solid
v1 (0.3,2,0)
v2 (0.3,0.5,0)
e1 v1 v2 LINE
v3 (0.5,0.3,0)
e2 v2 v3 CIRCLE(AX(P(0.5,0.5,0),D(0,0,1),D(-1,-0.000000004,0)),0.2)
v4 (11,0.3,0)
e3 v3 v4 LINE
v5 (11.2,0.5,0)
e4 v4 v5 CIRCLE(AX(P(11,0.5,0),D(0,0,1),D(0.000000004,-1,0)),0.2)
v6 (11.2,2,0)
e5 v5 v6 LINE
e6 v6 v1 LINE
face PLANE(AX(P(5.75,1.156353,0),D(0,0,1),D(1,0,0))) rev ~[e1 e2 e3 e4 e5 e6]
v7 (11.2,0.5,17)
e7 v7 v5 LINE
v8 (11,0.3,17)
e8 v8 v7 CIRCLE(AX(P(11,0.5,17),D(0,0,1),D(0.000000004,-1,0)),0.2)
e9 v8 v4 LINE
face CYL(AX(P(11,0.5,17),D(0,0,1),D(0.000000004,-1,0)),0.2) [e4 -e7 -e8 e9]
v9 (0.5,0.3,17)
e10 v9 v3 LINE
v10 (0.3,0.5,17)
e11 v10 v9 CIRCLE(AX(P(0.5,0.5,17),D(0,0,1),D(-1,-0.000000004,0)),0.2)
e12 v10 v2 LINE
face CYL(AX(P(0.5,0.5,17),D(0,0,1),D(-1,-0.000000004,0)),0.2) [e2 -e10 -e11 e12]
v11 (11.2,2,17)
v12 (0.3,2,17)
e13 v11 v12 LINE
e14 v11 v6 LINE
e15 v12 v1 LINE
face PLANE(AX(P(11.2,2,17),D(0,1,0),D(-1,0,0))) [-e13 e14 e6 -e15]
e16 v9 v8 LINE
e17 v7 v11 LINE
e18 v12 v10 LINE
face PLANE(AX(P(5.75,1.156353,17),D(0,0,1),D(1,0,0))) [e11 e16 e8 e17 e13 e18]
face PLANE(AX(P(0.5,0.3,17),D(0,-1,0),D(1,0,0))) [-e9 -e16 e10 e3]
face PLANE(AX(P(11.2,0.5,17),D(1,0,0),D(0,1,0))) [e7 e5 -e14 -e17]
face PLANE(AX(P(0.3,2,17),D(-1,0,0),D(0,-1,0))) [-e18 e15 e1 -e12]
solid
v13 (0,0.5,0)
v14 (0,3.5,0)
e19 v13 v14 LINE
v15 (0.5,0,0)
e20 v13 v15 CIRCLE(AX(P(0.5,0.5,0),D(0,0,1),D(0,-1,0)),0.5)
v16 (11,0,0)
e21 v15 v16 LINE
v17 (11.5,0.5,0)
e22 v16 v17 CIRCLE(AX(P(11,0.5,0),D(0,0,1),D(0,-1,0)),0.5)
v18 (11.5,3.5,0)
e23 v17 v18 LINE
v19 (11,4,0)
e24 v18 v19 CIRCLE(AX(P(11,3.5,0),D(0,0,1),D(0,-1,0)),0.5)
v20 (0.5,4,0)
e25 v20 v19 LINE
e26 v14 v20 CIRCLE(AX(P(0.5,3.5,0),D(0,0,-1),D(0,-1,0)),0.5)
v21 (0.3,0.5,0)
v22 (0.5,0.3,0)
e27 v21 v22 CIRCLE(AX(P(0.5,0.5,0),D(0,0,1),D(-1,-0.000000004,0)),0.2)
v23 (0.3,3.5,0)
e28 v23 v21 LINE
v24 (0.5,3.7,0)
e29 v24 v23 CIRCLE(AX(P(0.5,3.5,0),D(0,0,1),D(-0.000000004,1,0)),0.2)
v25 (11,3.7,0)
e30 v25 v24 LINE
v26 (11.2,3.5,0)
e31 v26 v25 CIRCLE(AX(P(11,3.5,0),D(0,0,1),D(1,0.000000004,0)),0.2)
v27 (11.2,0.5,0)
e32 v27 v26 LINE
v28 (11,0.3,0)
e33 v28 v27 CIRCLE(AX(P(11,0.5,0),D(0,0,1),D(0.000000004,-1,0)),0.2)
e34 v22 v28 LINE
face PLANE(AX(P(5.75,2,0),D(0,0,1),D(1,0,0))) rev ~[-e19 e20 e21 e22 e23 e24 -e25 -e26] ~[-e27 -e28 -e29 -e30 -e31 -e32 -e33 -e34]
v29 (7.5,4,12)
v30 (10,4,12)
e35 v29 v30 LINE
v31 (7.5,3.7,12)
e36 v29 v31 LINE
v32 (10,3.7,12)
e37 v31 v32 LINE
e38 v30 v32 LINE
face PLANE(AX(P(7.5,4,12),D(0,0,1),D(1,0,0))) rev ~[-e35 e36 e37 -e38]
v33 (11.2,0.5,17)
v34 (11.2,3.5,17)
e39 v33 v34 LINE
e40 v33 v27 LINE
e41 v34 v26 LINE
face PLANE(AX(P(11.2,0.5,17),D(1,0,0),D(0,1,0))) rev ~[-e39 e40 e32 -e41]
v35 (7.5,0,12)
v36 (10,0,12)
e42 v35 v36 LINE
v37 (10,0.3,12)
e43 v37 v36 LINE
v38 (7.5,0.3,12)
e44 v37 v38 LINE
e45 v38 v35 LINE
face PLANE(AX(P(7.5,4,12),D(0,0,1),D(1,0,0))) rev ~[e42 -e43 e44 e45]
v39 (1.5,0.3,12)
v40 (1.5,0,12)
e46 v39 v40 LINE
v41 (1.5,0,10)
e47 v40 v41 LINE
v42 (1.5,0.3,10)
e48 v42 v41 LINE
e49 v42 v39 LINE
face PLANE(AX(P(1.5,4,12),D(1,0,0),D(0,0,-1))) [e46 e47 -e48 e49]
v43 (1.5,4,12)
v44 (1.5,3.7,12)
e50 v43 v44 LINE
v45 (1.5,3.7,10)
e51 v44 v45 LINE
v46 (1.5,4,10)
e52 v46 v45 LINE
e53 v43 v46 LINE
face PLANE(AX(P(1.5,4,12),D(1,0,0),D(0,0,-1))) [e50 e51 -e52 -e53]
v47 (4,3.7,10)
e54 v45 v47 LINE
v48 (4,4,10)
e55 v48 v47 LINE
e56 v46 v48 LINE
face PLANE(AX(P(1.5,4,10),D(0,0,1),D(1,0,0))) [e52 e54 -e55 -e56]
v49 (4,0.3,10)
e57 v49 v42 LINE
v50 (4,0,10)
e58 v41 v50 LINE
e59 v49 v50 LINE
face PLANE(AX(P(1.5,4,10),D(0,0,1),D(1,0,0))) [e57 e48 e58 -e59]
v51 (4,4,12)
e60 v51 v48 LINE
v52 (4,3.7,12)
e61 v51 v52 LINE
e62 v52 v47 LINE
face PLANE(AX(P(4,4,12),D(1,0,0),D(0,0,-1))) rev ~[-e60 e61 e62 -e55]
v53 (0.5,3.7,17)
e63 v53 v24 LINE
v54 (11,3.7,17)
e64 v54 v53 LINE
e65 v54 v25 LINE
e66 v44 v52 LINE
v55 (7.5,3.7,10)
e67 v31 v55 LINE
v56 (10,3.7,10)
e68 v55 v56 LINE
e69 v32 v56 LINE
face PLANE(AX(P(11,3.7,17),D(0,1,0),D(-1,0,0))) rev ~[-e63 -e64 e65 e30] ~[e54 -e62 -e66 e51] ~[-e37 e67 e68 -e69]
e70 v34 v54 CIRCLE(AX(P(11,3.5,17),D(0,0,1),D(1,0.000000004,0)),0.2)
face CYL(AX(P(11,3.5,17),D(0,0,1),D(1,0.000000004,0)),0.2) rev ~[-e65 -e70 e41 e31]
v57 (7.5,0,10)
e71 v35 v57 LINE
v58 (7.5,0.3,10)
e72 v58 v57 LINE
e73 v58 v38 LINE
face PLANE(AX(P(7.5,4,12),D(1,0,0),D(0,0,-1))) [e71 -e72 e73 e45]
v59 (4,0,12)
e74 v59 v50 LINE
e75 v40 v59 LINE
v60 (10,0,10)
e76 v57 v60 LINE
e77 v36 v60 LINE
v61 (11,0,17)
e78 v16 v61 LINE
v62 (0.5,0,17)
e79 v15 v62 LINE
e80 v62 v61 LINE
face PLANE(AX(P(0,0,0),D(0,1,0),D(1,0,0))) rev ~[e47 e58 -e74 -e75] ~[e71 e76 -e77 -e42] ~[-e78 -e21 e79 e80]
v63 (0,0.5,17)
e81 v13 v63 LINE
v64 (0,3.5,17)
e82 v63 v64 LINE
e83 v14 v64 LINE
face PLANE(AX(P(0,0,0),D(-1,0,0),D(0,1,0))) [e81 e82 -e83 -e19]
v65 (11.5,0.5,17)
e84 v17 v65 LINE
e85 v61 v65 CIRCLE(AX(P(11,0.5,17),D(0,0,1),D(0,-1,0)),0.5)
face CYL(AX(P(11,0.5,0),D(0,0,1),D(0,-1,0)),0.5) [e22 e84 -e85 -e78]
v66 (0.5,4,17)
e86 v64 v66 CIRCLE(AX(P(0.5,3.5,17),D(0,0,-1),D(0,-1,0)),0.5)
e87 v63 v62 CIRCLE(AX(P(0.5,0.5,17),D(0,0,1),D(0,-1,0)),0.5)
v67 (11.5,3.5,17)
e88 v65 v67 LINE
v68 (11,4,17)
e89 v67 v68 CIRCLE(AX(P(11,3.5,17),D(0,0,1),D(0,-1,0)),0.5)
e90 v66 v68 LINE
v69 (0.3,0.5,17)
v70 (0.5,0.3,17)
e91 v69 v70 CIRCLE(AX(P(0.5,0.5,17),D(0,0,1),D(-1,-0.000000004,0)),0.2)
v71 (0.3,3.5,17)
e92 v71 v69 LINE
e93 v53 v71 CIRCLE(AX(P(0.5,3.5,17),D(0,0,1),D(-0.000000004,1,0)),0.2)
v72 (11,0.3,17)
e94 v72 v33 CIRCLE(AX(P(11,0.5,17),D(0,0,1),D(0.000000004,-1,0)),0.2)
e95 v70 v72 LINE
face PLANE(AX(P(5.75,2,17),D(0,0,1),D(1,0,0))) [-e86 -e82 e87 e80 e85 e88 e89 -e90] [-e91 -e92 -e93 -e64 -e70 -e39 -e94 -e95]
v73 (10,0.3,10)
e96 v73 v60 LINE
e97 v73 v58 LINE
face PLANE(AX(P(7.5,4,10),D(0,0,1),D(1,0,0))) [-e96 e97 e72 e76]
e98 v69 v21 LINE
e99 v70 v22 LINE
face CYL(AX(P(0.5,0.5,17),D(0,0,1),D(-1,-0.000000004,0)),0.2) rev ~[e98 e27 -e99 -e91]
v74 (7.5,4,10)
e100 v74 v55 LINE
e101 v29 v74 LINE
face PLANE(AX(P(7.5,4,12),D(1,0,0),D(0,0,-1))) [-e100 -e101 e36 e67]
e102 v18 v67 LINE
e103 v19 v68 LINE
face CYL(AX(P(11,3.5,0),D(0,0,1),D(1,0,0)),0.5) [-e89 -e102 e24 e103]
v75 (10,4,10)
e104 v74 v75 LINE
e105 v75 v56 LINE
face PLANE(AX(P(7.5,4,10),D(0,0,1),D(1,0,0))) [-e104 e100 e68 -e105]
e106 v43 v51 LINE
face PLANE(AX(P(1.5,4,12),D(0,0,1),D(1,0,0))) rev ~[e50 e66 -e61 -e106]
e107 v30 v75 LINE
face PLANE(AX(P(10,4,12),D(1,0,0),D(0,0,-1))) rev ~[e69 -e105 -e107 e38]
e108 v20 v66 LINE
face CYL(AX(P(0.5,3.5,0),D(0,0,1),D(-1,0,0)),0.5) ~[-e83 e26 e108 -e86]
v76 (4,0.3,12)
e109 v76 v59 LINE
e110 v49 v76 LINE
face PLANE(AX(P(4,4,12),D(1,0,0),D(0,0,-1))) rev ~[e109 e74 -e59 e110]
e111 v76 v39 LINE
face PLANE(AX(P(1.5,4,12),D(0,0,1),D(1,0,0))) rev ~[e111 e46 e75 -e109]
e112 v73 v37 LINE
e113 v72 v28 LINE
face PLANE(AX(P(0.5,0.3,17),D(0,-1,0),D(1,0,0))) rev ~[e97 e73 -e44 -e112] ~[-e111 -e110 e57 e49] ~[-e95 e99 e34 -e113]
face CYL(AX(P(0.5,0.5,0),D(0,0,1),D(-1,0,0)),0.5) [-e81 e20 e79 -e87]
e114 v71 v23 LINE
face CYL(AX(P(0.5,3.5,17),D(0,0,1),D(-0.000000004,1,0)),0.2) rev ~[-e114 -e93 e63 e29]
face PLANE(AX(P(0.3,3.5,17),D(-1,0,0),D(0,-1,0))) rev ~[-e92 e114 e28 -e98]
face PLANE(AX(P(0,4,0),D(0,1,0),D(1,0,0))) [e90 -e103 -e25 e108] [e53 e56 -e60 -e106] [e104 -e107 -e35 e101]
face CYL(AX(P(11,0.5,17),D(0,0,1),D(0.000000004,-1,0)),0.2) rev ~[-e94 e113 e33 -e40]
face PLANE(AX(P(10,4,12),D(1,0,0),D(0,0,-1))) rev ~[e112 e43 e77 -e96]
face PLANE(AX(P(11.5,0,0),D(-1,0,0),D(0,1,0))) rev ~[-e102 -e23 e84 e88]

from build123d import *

# Parameters (mm, degrees)
SKETCH_1_W          = 11.5
SKETCH_1_H          = 4
EXTRUDE_1_DEPTH     = 17
FILLET_1_R          = 0.5
CUT_EXTRUDE_1_DEPTH = 18
SKETCH_4_W          = 2.5
SKETCH_4_H          = 2
CUT_EXTRUDE_2_DEPTH = 5
EXTRUDE_2_DEPTH     = 17


with BuildPart() as part:
    # Эскиз1 → Вытянуть1 (new body)
    with BuildSketch(Plane.XY):
        with Locations((5.75, 2)):
            Rectangle(SKETCH_1_W, SKETCH_1_H)
    extrude(amount=EXTRUDE_1_DEPTH)

    # Скругление1
    fillet_1_edges = [part.edges().sort_by_distance(p)[0] for p in [
        (0, 4, 8.5),
        (11.5, 4, 8.5),
        (11.5, 0, 8.5),
        (0, 0, 8.5),
    ]]
    fillet(fillet_1_edges, radius=FILLET_1_R)

    # Эскиз2 → Вырез-Вытянуть1 (cut, through all)
    with BuildSketch(Plane.XY.offset(17)):
        with BuildLine():
            Line((11.2, 0.5), (11.2, 3.5))
            ThreePointArc((11.2, 3.5), (11.141421356, 3.641421356), (11, 3.7))
            Line((11, 3.7), (0.5, 3.7))
            ThreePointArc((0.5, 3.7), (0.358578644, 3.641421356), (0.3, 3.5))
            Line((0.3, 3.5), (0.3, 0.5))
            ThreePointArc((0.3, 0.5), (0.358578644, 0.358578644), (0.5, 0.3))
            Line((0.5, 0.3), (11, 0.3))
            ThreePointArc((11, 0.3), (11.141421356, 0.358578644), (11.2, 0.5))
        make_face()
    extrude(amount=-CUT_EXTRUDE_1_DEPTH, mode=Mode.SUBTRACT)

    # Эскиз4 → Вырез-Вытянуть2 (cut, through all)
    with BuildSketch(Plane(origin=(0, 4, 0), x_dir=(1, 0, 0), z_dir=(0, 1, 0))):
        with Locations((2.75, -11)):
            Rectangle(SKETCH_4_W, SKETCH_4_H)
        with Locations((8.75, -11)):
            Rectangle(SKETCH_4_W, SKETCH_4_H)
    extrude(amount=-CUT_EXTRUDE_2_DEPTH, mode=Mode.SUBTRACT)


with BuildPart() as body_2:
    # Эскиз3 → Вытянуть2 (new body, through all)
    with BuildSketch(Plane.XY.offset(17)):
        with BuildLine():
            Line((11.2, 0.5), (11.2, 2))
            Line((11.2, 2), (0.3, 2))
            Line((0.3, 2), (0.3, 0.5))
            ThreePointArc((0.3, 0.5), (0.358578644, 0.358578644), (0.5, 0.3))
            Line((0.5, 0.3), (11, 0.3))
            ThreePointArc((11, 0.3), (11.141421356, 0.358578644), (11.2, 0.5))
        make_face()
    extrude(amount=-EXTRUDE_2_DEPTH)


solid = Compound([part.part, body_2.part])
